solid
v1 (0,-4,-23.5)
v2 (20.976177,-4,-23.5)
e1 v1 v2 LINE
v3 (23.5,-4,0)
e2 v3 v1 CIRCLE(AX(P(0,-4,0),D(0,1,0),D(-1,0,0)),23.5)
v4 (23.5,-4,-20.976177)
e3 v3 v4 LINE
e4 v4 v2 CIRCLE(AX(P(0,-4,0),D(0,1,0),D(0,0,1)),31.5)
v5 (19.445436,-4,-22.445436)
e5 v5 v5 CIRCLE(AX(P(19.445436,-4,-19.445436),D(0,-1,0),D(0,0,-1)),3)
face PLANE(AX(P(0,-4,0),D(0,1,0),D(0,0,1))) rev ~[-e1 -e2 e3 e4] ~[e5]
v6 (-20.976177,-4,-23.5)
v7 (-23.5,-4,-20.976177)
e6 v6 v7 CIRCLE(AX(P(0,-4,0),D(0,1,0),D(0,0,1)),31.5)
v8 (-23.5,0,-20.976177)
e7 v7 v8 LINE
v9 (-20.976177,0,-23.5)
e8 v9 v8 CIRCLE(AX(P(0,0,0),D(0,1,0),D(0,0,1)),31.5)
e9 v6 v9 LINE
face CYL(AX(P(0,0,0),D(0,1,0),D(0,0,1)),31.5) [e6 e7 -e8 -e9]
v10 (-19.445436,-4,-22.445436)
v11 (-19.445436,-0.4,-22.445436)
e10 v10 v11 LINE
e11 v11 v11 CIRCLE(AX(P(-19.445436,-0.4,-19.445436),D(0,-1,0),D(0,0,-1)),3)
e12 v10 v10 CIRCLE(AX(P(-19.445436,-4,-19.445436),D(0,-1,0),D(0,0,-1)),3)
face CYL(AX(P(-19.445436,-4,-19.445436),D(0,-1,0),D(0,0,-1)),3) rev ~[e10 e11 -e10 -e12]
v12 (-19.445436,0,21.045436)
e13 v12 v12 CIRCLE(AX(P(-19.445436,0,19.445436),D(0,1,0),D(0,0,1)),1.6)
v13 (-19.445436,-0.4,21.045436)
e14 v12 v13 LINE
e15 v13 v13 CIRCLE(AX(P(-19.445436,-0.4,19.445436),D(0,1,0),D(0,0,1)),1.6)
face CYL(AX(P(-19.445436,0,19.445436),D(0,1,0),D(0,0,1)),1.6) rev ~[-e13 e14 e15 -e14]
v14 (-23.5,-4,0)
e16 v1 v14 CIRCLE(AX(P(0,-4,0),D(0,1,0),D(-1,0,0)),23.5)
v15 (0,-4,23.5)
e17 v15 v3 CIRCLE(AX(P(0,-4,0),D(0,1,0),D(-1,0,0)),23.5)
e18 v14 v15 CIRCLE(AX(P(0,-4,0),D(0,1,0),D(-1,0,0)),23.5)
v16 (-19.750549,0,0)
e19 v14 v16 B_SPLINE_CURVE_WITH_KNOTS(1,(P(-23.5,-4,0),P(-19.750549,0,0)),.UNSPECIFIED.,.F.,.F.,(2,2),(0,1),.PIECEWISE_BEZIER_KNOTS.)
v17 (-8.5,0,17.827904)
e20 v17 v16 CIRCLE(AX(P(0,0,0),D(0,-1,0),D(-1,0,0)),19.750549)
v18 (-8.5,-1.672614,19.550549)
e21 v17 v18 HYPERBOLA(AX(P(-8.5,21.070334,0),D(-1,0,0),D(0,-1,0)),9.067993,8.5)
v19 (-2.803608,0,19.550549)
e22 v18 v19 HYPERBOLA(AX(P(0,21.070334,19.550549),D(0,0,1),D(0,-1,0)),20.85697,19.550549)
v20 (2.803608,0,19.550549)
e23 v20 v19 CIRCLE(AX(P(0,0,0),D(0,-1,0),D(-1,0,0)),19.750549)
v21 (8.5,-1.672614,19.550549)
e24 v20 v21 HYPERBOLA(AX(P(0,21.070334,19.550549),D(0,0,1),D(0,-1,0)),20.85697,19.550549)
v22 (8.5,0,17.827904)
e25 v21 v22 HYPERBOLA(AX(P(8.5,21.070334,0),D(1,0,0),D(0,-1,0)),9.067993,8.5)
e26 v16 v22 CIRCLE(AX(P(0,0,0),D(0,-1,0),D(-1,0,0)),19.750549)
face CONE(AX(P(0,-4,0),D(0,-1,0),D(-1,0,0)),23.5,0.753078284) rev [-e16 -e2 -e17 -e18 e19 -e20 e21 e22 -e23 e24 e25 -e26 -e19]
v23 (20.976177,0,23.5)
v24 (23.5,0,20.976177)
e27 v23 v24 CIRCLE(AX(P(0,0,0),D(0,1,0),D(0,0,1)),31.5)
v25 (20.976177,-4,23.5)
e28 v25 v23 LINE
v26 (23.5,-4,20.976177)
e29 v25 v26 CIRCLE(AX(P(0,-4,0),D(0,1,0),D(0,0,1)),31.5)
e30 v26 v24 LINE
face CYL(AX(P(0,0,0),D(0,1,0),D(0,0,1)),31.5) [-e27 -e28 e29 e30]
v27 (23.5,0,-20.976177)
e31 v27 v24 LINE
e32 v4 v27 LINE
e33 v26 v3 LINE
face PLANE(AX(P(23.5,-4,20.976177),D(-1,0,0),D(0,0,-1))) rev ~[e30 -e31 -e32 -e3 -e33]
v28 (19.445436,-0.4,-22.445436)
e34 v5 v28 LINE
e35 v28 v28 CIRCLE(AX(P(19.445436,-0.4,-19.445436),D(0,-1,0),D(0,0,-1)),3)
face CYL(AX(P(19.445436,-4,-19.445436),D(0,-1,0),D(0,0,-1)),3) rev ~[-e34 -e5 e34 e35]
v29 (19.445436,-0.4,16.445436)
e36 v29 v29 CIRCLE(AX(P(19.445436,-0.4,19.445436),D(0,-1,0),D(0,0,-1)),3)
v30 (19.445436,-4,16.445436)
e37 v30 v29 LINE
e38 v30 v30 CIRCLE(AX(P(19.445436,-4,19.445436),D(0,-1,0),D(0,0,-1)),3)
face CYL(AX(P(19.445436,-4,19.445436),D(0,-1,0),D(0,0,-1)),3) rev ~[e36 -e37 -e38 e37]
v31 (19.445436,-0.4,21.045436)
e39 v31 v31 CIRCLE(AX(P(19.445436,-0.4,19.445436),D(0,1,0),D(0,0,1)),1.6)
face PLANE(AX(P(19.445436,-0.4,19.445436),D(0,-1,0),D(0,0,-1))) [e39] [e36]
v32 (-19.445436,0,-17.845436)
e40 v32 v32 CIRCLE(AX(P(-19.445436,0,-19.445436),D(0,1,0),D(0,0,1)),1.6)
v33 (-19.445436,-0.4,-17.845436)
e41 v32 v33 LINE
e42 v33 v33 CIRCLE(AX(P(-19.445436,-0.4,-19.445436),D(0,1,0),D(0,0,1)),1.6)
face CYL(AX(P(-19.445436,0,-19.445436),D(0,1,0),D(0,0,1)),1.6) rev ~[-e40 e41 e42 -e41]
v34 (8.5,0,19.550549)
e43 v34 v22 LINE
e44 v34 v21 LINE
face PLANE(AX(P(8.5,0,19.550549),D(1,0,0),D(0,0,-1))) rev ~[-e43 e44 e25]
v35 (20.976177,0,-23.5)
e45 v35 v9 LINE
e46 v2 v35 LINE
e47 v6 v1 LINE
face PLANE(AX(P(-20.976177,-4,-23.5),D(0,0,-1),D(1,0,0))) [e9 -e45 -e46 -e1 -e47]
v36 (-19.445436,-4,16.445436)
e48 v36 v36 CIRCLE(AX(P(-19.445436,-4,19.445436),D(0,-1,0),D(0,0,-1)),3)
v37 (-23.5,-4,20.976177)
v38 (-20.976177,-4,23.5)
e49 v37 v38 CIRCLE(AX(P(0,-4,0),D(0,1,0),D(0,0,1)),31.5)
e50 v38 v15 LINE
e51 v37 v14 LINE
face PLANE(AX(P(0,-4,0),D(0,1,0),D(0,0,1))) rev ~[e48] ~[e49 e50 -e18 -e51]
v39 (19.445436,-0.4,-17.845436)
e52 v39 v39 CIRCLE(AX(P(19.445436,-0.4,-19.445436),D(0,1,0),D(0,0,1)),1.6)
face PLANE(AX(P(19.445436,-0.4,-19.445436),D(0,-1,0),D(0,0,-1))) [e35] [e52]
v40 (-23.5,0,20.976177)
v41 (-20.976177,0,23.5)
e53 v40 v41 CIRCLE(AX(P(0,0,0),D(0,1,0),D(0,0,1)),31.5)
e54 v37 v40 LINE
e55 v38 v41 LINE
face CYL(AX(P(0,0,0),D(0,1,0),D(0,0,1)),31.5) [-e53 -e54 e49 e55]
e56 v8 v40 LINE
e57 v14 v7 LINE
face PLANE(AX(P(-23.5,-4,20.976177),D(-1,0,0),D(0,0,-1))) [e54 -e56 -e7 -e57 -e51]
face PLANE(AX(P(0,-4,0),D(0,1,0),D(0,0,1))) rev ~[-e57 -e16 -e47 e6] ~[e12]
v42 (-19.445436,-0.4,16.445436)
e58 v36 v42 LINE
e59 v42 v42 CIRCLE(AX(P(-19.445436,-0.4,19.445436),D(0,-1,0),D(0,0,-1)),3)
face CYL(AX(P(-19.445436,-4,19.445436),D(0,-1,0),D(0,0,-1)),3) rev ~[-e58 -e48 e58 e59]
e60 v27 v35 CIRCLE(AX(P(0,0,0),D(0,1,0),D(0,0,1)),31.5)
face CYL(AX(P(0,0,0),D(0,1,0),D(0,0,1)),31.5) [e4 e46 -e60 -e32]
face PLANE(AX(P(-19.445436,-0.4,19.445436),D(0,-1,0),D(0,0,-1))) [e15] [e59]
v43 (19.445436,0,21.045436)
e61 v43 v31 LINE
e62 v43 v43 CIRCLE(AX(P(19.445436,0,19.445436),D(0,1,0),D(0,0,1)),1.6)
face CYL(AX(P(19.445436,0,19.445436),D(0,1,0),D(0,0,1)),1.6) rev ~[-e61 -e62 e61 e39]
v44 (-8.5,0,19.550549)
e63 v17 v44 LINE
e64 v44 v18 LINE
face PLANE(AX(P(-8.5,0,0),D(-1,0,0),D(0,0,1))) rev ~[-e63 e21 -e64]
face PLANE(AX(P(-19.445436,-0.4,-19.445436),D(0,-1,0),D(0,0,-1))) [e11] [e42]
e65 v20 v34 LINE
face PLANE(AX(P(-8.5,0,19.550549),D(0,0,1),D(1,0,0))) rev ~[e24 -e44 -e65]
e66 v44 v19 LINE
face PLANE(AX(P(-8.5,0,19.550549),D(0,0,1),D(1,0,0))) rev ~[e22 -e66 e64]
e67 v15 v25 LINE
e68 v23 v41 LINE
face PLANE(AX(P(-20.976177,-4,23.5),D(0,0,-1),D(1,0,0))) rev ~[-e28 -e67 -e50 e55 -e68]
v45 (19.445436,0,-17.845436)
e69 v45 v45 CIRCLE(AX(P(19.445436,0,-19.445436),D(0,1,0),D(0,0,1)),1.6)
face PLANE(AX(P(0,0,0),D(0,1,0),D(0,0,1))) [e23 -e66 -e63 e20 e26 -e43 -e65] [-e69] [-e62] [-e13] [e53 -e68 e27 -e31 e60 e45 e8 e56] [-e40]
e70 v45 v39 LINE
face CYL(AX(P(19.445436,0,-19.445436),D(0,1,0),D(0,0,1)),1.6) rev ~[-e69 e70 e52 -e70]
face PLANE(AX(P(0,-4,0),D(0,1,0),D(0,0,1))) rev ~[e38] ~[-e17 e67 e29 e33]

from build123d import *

# Parameters (mm, degrees)
SKETCH1_R         = 31.5
SKETCH1_R_2       = 1.6
BASE_DEPTH        = 4
SKETCH3_R         = 23.5
SKETCH4_R         = 19.75054858
CONNECTORS_DEPTH  = 45.72694938
SKETCH5_R         = 3
SCREW_HEADS_DEPTH = 3.6
FLEX_CABLE_DEPTH  = 34.473870559


with BuildPart() as part:
    # Sketch1 → Base (new body)
    with BuildSketch(Plane(origin=(0, 0, 0), x_dir=(1, 0, 0), z_dir=(0, 1, 0))):
        with Locations(Location((0, 0, 0), (0, 0, 270))):
            Circle(SKETCH1_R)
        with Locations(Location((-19.445436483, -19.445436483, 0), (0, 0, 270))):
            Circle(SKETCH1_R_2, mode=Mode.SUBTRACT)
        with Locations(Location((-19.445436483, 19.445436483, 0), (0, 0, 270))):
            Circle(SKETCH1_R_2, mode=Mode.SUBTRACT)
        with Locations(Location((19.445436483, -19.445436483, 0), (0, 0, 270))):
            Circle(SKETCH1_R_2, mode=Mode.SUBTRACT)
        with Locations(Location((19.445436483, 19.445436483, 0), (0, 0, 270))):
            Circle(SKETCH1_R_2, mode=Mode.SUBTRACT)
    extrude(amount=-BASE_DEPTH)

    # Sketch3 → Skirt section 0
    with BuildSketch(Plane(origin=(0, -4, 0), x_dir=(-1, 0, 0), z_dir=(0, -1, 0))):
        Circle(SKETCH3_R)
    # Sketch4 → Skirt section 1
    with BuildSketch(Plane(origin=(0, 0, 0), x_dir=(1, 0, 0), z_dir=(0, 1, 0))):
        Circle(SKETCH4_R)
    loft(mode=Mode.SUBTRACT)

    # Sketch6 → Connectors (cut, through all)
    with BuildSketch(Plane(origin=(0, -4, 0), x_dir=(-1, 0, 0), z_dir=(0, -1, 0))):
        with BuildLine():
            Line((20.976176963, 23.5), (-20.976176963, 23.5))
            ThreePointArc((-20.976176963, 23.5), (0, 31.5), (20.976176963, 23.5))
        make_face()
        with BuildLine():
            Line((20.976176963, -23.5), (-20.976176963, -23.5))
            ThreePointArc((-20.976176963, -23.5), (0, -31.5), (20.976176963, -23.5))
        make_face()
        with BuildLine():
            Line((23.5, -20.976176963), (23.5, 20.976176963))
            ThreePointArc((23.5, 20.976176963), (31.5, 0), (23.5, -20.976176963))
        make_face()
        with BuildLine():
            Line((-23.5, -20.976176963), (-23.5, 20.976176963))
            ThreePointArc((-23.5, 20.976176963), (-31.5, 0), (-23.5, -20.976176963))
        make_face()
    extrude(amount=-CONNECTORS_DEPTH, mode=Mode.SUBTRACT)

    # Sketch5 → Screw heads (cut)
    with BuildSketch(Plane(origin=(0, -4, 0), x_dir=(-1, 0, 0), z_dir=(0, -1, 0))):
        with Locations(Location((19.445436483, -19.445436483, 0), (0, 0, 90))):
            Circle(SKETCH5_R)
        with Locations(Location((19.445436483, 19.445436483, 0), (0, 0, 90))):
            Circle(SKETCH5_R)
        with Locations(Location((-19.445436483, -19.445436483, 0), (0, 0, 90))):
            Circle(SKETCH5_R)
        with Locations(Location((-19.445436483, 19.445436483, 0), (0, 0, 90))):
            Circle(SKETCH5_R)
    extrude(amount=-SCREW_HEADS_DEPTH, mode=Mode.SUBTRACT)

    # Sketch7 → Flex cable (cut, through all)
    with BuildSketch(Plane(origin=(0, 0, 0), x_dir=(1, 0, 0), z_dir=(0, 1, 0))):
        Polygon((-8.5, -19.55054858), (8.5, -19.55054858), (8.5, -18.75054858), (8.5, 0), (0, 0), (-8.5, 0), (-8.5, -18.75054858), align=None)
    extrude(amount=-FLEX_CABLE_DEPTH, mode=Mode.SUBTRACT)


solid = part.part
